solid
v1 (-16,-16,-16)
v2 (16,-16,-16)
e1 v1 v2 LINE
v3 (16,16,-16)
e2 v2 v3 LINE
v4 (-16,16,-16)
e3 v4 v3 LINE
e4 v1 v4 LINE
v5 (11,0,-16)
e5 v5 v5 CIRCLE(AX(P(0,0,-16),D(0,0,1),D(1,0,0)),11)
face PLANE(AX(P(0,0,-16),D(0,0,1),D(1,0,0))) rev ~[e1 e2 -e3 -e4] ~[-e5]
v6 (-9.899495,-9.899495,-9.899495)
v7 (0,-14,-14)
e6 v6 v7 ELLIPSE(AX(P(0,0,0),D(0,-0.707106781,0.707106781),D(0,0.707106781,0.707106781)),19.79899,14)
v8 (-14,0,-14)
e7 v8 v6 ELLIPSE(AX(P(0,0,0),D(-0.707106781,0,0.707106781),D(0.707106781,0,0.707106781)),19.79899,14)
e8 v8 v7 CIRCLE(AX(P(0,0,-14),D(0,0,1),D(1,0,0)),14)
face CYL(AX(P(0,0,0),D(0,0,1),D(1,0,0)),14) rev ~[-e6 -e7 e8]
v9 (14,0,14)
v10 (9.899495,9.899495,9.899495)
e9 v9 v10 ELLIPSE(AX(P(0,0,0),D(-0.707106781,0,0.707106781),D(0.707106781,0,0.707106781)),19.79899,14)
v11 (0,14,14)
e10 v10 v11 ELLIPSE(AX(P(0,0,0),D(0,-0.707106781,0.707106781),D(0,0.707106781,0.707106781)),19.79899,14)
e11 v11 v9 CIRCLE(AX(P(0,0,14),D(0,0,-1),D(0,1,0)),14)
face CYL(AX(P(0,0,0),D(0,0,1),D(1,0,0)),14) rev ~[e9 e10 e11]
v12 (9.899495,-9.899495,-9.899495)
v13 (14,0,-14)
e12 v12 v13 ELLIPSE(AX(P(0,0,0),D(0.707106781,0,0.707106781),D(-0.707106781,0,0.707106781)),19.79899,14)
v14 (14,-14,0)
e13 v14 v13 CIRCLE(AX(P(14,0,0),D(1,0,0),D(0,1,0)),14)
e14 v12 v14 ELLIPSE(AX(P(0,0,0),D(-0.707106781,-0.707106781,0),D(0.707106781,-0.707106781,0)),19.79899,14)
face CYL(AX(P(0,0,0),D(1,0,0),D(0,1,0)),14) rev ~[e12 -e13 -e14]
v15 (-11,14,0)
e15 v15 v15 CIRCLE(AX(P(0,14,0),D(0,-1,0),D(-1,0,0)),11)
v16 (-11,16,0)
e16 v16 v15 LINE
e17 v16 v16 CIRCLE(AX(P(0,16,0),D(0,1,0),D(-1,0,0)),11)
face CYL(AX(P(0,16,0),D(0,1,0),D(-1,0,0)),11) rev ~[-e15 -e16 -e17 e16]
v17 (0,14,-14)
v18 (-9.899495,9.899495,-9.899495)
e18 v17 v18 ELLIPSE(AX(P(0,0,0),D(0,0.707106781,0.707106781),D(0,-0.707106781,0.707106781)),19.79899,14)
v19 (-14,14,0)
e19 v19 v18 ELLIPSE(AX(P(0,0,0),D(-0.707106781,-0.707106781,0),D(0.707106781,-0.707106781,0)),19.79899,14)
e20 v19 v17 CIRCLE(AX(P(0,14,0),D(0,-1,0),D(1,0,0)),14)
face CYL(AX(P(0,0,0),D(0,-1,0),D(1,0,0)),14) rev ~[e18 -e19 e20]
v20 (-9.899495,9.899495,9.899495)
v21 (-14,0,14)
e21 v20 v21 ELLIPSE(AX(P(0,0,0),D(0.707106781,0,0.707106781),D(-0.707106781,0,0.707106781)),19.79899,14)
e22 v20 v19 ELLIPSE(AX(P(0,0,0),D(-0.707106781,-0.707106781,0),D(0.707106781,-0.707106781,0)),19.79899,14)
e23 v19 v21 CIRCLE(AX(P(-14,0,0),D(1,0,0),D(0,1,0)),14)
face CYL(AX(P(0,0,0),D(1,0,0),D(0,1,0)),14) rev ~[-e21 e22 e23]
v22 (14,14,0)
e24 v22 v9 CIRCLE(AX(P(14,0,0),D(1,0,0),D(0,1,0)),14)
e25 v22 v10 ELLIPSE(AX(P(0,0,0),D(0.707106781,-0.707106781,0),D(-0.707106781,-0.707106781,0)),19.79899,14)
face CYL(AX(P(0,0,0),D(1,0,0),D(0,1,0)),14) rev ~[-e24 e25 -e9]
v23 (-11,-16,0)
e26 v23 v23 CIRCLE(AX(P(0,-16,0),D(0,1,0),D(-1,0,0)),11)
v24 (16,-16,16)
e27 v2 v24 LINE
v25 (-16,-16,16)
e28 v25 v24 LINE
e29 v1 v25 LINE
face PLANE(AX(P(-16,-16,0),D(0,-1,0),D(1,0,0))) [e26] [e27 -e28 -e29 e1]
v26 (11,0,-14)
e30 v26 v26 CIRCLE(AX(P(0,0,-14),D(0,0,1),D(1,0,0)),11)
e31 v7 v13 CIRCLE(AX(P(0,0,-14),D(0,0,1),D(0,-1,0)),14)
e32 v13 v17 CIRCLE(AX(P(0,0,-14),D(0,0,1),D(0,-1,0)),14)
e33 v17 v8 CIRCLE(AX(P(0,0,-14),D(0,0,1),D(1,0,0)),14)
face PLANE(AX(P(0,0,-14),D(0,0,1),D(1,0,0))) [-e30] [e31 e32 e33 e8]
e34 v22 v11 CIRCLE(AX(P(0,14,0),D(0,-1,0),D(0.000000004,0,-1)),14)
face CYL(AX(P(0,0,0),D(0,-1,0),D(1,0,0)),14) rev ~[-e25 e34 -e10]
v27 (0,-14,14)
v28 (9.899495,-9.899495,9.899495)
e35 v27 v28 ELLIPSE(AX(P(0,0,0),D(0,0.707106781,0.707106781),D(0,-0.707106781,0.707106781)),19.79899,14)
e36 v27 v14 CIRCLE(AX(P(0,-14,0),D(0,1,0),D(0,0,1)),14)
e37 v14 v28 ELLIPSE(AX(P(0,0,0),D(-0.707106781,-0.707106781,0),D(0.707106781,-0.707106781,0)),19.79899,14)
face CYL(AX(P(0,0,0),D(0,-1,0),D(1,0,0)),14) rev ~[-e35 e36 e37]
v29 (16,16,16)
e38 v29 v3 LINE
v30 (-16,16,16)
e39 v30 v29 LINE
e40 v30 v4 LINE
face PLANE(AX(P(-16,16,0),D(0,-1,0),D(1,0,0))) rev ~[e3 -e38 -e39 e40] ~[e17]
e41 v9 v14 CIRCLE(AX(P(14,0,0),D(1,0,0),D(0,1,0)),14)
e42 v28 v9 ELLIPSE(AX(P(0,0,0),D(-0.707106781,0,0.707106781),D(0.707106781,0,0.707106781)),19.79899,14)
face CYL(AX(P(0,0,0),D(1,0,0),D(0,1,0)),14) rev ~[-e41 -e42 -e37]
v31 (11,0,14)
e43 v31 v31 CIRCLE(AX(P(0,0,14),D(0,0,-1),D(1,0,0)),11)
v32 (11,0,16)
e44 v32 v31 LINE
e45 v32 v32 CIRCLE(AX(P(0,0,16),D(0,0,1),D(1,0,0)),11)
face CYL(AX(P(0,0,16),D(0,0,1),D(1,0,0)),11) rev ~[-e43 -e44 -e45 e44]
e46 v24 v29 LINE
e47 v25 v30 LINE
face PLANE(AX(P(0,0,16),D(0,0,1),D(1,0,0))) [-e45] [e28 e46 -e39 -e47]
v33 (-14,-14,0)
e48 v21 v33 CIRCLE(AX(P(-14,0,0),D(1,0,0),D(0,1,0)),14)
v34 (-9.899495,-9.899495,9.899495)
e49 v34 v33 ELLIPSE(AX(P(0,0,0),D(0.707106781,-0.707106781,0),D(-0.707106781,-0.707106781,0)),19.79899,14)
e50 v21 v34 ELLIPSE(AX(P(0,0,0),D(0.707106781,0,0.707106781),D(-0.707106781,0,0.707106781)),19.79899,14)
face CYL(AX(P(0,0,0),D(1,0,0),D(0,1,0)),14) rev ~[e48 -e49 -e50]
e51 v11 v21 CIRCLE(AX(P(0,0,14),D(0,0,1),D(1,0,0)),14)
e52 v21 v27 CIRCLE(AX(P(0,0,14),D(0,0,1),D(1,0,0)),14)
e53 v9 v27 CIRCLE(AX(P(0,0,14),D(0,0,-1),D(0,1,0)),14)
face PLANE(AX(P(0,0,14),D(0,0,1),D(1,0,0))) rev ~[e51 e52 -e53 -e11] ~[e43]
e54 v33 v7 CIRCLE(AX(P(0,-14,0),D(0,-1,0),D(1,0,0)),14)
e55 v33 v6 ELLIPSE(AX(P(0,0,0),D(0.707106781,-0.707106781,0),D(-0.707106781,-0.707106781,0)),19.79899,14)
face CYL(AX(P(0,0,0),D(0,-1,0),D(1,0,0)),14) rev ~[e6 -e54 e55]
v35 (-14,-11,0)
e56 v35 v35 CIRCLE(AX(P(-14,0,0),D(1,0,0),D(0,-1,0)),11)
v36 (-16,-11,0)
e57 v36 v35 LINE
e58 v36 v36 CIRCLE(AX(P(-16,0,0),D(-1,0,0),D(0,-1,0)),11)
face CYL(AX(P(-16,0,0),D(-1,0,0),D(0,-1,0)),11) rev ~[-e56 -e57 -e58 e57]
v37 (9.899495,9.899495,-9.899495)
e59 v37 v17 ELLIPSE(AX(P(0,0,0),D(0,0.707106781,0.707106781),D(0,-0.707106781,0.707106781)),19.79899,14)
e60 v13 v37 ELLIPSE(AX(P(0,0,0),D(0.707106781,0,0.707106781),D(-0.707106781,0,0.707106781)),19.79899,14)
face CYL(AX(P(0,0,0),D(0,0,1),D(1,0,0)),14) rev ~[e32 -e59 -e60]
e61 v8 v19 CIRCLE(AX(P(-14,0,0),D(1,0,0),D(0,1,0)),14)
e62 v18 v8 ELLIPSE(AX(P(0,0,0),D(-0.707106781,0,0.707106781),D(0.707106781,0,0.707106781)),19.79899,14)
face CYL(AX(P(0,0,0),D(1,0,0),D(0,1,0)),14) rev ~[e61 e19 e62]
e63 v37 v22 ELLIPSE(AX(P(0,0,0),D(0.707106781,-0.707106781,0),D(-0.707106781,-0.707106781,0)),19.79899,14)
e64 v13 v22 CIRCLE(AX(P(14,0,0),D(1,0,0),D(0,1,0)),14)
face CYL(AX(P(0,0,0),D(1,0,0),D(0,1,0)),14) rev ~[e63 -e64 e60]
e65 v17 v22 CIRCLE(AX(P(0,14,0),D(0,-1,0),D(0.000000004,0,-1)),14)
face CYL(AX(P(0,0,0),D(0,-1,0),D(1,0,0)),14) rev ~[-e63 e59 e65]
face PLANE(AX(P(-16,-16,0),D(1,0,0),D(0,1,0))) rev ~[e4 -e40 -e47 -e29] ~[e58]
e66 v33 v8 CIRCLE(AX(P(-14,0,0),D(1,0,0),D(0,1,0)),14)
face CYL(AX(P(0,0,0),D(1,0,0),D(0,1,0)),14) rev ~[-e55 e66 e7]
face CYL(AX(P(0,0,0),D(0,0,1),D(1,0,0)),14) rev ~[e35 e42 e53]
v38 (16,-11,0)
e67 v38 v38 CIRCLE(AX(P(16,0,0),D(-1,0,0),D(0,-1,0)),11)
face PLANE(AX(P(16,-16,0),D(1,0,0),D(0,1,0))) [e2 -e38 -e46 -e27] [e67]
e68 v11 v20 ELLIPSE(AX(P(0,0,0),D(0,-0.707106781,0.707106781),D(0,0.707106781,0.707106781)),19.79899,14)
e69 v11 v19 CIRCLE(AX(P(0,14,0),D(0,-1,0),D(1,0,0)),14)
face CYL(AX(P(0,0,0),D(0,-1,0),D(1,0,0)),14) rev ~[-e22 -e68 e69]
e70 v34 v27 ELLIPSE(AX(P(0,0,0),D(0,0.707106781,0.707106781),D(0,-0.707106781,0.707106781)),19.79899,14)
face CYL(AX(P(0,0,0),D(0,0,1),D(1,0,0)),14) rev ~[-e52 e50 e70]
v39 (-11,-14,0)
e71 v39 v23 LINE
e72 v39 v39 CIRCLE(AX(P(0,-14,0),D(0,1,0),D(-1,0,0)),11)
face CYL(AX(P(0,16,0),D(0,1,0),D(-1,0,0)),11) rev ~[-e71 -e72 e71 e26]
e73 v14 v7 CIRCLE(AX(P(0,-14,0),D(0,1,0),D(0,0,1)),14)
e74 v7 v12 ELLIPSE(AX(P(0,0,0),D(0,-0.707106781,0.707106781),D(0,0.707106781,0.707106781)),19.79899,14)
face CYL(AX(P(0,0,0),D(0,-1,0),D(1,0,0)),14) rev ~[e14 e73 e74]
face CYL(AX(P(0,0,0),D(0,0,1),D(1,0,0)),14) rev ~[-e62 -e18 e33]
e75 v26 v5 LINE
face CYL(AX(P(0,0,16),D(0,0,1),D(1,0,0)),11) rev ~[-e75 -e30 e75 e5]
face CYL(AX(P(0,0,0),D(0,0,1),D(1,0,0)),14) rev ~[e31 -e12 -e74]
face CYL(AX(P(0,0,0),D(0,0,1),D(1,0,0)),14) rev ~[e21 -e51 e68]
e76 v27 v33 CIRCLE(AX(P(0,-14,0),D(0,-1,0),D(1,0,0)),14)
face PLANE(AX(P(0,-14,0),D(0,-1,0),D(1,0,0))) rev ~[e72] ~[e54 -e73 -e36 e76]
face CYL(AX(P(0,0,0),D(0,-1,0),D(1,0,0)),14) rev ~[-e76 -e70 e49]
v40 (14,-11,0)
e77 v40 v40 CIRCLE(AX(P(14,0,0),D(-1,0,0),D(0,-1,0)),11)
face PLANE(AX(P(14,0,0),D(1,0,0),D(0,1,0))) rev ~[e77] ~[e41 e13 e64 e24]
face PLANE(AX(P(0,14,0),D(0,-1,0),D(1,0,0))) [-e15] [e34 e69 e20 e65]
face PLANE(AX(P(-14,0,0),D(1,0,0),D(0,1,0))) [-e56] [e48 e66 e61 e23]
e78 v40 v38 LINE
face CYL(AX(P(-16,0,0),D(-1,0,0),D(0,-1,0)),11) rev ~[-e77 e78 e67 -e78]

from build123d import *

# Parameters (mm, degrees)
F0_W      = 32
F0_H      = 32
F1_DEPTH  = 16
F2_R      = 11
F3_DEPTH  = 32.001
F4_R      = 11
F5_DEPTH  = 32.001
F6_R      = 11
F7_DEPTH  = 32.001
F8_R      = 14
F9_DEPTH  = 14
F10_R     = 14
F11_DEPTH = 14
F12_R     = 14
F13_DEPTH = 14


with BuildPart() as f1:
    # F0 (on Top) → F1 (new body, symmetric)
    with BuildSketch(Plane.XY):
        Rectangle(F0_W, F0_H)
    extrude(amount=F1_DEPTH, both=True)

    # F2 (on face) → F3 (cut, through all)
    with BuildSketch(Plane(origin=(-16, 0, 0), x_dir=(0, -1, 0), z_dir=(-1, 0, 0))):
        Circle(F2_R)
    extrude(amount=-F3_DEPTH, mode=Mode.SUBTRACT)

    # F4 (on face) → F5 (cut, through all)
    with BuildSketch(Plane.XY.offset(16)):
        Circle(F4_R)
    extrude(amount=-F5_DEPTH, mode=Mode.SUBTRACT)

    # F6 (on face) → F7 (cut, through all)
    with BuildSketch(Plane(origin=(0, 16, 0), x_dir=(-1, 0, 0), z_dir=(0, 1, 0))):
        Circle(F6_R)
    extrude(amount=-F7_DEPTH, mode=Mode.SUBTRACT)

    # F8 (on Top) → F9 (cut, symmetric)
    with BuildSketch(Plane.XY):
        Circle(F8_R)
    extrude(amount=F9_DEPTH, both=True, mode=Mode.SUBTRACT)

    # F10 (on Front) → F11 (cut, symmetric)
    with BuildSketch(Plane.XZ):
        Circle(F10_R)
    extrude(amount=F11_DEPTH, both=True, mode=Mode.SUBTRACT)

    # F12 (on Right) → F13 (cut, symmetric)
    with BuildSketch(Plane.YZ):
        Circle(F12_R)
    extrude(amount=F13_DEPTH, both=True, mode=Mode.SUBTRACT)


solid = f1.part
